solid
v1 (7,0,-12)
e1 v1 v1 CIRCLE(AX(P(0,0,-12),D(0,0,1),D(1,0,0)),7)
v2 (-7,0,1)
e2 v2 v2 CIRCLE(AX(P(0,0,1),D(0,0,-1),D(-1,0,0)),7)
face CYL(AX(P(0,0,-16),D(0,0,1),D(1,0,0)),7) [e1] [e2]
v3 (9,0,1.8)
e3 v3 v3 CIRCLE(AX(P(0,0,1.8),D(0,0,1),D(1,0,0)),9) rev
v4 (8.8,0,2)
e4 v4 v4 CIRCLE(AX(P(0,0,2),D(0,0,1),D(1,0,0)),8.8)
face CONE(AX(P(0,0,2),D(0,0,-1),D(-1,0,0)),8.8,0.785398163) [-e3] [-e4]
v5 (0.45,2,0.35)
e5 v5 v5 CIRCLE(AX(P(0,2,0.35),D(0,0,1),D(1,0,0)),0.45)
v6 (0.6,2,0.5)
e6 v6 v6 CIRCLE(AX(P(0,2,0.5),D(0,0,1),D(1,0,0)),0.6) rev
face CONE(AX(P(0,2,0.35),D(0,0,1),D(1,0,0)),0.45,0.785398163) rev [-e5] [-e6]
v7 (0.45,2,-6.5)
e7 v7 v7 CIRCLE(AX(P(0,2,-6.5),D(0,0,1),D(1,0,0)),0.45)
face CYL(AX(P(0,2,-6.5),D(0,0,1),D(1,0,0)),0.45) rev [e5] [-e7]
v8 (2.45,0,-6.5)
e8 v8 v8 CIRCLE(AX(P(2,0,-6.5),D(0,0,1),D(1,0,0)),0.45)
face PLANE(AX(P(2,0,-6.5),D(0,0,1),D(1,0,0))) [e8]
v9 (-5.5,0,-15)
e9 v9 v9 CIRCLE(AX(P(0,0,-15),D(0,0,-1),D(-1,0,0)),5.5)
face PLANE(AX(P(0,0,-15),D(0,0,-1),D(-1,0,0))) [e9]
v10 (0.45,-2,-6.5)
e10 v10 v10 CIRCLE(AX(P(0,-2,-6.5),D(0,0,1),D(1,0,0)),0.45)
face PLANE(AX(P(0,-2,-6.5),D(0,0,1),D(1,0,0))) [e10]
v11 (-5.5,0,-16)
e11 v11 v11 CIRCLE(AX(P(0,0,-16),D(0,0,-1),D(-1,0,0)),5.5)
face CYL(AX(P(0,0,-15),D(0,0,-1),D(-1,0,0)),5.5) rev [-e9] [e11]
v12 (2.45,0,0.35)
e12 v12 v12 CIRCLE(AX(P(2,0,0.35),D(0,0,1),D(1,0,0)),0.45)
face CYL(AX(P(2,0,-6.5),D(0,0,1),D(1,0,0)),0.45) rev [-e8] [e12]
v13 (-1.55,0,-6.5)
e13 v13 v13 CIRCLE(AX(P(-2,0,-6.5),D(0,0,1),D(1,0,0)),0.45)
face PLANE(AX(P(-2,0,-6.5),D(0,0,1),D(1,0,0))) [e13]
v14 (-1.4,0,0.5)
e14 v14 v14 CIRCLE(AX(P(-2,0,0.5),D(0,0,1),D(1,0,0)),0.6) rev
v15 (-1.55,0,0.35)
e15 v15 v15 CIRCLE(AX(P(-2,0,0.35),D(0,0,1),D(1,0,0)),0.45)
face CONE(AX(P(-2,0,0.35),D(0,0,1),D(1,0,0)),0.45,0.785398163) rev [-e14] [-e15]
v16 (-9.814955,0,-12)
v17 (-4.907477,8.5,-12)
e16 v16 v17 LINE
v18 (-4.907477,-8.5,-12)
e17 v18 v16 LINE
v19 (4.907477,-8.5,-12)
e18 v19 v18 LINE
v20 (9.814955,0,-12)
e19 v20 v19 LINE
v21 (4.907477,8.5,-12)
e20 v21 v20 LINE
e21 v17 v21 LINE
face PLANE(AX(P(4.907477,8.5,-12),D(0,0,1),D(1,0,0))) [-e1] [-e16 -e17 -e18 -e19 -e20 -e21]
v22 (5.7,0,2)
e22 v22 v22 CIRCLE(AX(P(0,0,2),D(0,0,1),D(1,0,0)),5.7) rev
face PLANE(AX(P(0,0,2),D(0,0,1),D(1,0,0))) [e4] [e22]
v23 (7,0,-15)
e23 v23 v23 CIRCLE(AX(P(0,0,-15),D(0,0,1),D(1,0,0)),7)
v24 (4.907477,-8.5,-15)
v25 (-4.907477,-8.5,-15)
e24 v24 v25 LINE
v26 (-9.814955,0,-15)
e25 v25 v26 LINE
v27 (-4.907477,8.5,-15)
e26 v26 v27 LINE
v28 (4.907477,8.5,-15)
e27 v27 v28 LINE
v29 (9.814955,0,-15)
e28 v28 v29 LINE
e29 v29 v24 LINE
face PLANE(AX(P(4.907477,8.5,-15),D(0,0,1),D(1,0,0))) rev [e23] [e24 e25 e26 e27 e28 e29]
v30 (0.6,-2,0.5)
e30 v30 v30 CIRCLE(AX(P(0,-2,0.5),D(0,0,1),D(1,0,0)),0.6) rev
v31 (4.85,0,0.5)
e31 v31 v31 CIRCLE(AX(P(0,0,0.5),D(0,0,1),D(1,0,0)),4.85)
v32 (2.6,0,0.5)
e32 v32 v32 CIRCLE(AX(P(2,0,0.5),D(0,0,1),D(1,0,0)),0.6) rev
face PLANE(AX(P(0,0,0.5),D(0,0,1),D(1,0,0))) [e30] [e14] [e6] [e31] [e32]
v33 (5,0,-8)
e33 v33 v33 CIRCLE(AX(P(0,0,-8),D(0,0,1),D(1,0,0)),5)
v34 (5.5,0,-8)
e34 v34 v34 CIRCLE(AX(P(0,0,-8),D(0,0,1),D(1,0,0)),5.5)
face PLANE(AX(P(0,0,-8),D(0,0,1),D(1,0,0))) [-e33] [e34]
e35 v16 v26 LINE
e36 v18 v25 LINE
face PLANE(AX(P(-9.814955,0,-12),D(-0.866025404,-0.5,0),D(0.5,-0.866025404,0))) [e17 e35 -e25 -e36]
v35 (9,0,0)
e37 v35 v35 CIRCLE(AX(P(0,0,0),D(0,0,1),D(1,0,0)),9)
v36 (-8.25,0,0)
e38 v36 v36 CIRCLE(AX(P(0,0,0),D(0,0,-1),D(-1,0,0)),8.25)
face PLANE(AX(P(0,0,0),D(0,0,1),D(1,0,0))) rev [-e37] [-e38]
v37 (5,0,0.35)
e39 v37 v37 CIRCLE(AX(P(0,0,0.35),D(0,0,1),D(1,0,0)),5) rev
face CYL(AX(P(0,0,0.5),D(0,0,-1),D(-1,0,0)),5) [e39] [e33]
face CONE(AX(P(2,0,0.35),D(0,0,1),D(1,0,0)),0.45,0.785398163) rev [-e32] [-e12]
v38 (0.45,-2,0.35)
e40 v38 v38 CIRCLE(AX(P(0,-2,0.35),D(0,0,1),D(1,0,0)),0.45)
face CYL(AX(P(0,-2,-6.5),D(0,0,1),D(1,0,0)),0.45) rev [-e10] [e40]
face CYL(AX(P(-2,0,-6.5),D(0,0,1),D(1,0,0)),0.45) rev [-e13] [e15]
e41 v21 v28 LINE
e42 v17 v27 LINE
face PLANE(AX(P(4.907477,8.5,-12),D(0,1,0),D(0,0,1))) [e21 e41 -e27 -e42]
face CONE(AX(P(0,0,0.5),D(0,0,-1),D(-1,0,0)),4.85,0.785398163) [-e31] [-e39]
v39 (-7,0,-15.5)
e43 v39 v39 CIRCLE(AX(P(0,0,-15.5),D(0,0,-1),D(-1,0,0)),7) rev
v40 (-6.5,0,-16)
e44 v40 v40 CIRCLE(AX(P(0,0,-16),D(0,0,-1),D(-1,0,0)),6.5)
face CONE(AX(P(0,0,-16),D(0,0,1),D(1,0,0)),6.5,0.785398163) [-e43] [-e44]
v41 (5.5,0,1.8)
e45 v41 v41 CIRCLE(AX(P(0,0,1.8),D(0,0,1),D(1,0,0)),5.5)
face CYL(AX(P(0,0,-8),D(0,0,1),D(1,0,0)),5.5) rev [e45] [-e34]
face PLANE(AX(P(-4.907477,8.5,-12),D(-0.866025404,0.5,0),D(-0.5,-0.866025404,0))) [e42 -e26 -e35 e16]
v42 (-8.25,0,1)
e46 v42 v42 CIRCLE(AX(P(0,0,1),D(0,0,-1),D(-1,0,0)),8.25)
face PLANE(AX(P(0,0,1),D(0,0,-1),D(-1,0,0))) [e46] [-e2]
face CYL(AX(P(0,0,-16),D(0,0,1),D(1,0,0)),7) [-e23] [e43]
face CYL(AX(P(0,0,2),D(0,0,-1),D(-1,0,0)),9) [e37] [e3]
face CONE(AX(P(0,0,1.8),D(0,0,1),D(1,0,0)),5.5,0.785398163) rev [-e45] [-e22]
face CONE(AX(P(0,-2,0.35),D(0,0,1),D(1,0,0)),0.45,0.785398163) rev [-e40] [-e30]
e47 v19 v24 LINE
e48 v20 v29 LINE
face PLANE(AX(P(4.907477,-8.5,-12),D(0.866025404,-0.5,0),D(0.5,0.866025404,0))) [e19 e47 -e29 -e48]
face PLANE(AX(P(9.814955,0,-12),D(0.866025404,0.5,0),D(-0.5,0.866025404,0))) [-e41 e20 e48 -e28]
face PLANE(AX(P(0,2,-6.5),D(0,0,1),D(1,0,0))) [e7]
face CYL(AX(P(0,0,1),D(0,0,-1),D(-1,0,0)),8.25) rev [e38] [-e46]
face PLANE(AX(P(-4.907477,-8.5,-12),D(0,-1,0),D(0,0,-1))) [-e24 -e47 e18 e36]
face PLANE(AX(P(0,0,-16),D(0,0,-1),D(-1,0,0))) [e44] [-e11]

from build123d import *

# Parameters (mm, degrees)
SKETCH1_R          = 9
EXTRUDE1_DEPTH     = 2
SKETCH4_R          = 7
EXTRUDE2_DEPTH     = 16
SKETCH2_R          = 5.5
CUT_EXTRUDE1_DEPTH = 10
SKETCH3_R          = 8.25
SKETCH3_R_2        = 7
CUT_EXTRUDE2_DEPTH = 1
SKETCH5_R          = 5
EXTRUDE3_DEPTH     = 8.5
SKETCH6_R          = 0.45
CUT_EXTRUDE3_DEPTH = 7
CHAMFER2_SIZE      = 0.15
CHAMFER1_SIZE      = 0.2
SKETCH7_R          = 5.5
CUT_EXTRUDE4_DEPTH = 1
CHAMFER3_SIZE      = 0.5
EXTRUDE4_DEPTH     = 3


with BuildPart() as part:
    # Sketch1 → Extrude1 (new body)
    with BuildSketch(Plane.XY):
        Circle(SKETCH1_R)
    extrude(amount=EXTRUDE1_DEPTH)

    # Sketch4 → Extrude2 (add)
    with BuildSketch(Plane(origin=(0, 0, 0), x_dir=(-1, 0, 0), z_dir=(0, 0, -1))):
        Circle(SKETCH4_R)
    extrude(amount=EXTRUDE2_DEPTH)

    # Sketch2 → Cut-Extrude1 (cut)
    with BuildSketch(Plane.XY.offset(2)):
        Circle(SKETCH2_R)
    extrude(amount=-CUT_EXTRUDE1_DEPTH, mode=Mode.SUBTRACT)

    # Sketch3 → Cut-Extrude2 (cut)
    with BuildSketch(Plane(origin=(0, 0, 0), x_dir=(-1, 0, 0), z_dir=(0, 0, -1))):
        Circle(SKETCH3_R)
        Circle(SKETCH3_R_2, mode=Mode.SUBTRACT)
    extrude(amount=-CUT_EXTRUDE2_DEPTH, mode=Mode.SUBTRACT)

    # Sketch5 → Extrude3 (add)
    with BuildSketch(Plane.XY.offset(-8)):
        Circle(SKETCH5_R)
    extrude(amount=EXTRUDE3_DEPTH)

    # Sketch6 → Cut-Extrude3 (cut)
    with BuildSketch(Plane.XY.offset(0.5)):
        with Locations((0, 2)):
            Circle(SKETCH6_R)
        with Locations((0, -2)):
            Circle(SKETCH6_R)
        with Locations((2, 0)):
            Circle(SKETCH6_R)
        with Locations((-2, 0)):
            Circle(SKETCH6_R)
    extrude(amount=-CUT_EXTRUDE3_DEPTH, mode=Mode.SUBTRACT)

    # Chamfer2
    chamfer2_edges = [part.edges().sort_by_distance(p)[0] for p in [
        (-5, 0, 0.5),
        (-0.45, 2, 0.5),
        (-0.45, -2, 0.5),
        (1.55, 0, 0.5),
        (-2.45, 0, 0.5),
    ]]
    chamfer(chamfer2_edges, length=CHAMFER2_SIZE)

    # Chamfer1
    chamfer1_edges = [part.edges().sort_by_distance(p)[0] for p in [
        (-5.5, 0, 2),
        (-9, 0, 2),
    ]]
    chamfer(chamfer1_edges, length=CHAMFER1_SIZE)

    # Sketch7 → Cut-Extrude4 (cut)
    with BuildSketch(Plane(origin=(0, 0, -16), x_dir=(-1, 0, 0), z_dir=(0, 0, -1))):
        Circle(SKETCH7_R)
    extrude(amount=-CUT_EXTRUDE4_DEPTH, mode=Mode.SUBTRACT)

    # Chamfer3
    chamfer3_edges = [part.edges().sort_by_distance(p)[0] for p in [
        (7, 0, -16),
    ]]
    chamfer(chamfer3_edges, length=CHAMFER3_SIZE)

    # Sketch8 → Extrude4 (add)
    with BuildSketch(Plane(origin=(0, 0, -15), x_dir=(-1, 0, 0), z_dir=(0, 0, -1))):
        Polygon((-4.907477288, 8.5), (4.907477288, 8.5), (9.814954576, 0), (4.907477288, -8.5), (-4.907477288, -8.5), (-9.814954576, 0), align=None)
    extrude(amount=-EXTRUDE4_DEPTH)


solid = part.part
